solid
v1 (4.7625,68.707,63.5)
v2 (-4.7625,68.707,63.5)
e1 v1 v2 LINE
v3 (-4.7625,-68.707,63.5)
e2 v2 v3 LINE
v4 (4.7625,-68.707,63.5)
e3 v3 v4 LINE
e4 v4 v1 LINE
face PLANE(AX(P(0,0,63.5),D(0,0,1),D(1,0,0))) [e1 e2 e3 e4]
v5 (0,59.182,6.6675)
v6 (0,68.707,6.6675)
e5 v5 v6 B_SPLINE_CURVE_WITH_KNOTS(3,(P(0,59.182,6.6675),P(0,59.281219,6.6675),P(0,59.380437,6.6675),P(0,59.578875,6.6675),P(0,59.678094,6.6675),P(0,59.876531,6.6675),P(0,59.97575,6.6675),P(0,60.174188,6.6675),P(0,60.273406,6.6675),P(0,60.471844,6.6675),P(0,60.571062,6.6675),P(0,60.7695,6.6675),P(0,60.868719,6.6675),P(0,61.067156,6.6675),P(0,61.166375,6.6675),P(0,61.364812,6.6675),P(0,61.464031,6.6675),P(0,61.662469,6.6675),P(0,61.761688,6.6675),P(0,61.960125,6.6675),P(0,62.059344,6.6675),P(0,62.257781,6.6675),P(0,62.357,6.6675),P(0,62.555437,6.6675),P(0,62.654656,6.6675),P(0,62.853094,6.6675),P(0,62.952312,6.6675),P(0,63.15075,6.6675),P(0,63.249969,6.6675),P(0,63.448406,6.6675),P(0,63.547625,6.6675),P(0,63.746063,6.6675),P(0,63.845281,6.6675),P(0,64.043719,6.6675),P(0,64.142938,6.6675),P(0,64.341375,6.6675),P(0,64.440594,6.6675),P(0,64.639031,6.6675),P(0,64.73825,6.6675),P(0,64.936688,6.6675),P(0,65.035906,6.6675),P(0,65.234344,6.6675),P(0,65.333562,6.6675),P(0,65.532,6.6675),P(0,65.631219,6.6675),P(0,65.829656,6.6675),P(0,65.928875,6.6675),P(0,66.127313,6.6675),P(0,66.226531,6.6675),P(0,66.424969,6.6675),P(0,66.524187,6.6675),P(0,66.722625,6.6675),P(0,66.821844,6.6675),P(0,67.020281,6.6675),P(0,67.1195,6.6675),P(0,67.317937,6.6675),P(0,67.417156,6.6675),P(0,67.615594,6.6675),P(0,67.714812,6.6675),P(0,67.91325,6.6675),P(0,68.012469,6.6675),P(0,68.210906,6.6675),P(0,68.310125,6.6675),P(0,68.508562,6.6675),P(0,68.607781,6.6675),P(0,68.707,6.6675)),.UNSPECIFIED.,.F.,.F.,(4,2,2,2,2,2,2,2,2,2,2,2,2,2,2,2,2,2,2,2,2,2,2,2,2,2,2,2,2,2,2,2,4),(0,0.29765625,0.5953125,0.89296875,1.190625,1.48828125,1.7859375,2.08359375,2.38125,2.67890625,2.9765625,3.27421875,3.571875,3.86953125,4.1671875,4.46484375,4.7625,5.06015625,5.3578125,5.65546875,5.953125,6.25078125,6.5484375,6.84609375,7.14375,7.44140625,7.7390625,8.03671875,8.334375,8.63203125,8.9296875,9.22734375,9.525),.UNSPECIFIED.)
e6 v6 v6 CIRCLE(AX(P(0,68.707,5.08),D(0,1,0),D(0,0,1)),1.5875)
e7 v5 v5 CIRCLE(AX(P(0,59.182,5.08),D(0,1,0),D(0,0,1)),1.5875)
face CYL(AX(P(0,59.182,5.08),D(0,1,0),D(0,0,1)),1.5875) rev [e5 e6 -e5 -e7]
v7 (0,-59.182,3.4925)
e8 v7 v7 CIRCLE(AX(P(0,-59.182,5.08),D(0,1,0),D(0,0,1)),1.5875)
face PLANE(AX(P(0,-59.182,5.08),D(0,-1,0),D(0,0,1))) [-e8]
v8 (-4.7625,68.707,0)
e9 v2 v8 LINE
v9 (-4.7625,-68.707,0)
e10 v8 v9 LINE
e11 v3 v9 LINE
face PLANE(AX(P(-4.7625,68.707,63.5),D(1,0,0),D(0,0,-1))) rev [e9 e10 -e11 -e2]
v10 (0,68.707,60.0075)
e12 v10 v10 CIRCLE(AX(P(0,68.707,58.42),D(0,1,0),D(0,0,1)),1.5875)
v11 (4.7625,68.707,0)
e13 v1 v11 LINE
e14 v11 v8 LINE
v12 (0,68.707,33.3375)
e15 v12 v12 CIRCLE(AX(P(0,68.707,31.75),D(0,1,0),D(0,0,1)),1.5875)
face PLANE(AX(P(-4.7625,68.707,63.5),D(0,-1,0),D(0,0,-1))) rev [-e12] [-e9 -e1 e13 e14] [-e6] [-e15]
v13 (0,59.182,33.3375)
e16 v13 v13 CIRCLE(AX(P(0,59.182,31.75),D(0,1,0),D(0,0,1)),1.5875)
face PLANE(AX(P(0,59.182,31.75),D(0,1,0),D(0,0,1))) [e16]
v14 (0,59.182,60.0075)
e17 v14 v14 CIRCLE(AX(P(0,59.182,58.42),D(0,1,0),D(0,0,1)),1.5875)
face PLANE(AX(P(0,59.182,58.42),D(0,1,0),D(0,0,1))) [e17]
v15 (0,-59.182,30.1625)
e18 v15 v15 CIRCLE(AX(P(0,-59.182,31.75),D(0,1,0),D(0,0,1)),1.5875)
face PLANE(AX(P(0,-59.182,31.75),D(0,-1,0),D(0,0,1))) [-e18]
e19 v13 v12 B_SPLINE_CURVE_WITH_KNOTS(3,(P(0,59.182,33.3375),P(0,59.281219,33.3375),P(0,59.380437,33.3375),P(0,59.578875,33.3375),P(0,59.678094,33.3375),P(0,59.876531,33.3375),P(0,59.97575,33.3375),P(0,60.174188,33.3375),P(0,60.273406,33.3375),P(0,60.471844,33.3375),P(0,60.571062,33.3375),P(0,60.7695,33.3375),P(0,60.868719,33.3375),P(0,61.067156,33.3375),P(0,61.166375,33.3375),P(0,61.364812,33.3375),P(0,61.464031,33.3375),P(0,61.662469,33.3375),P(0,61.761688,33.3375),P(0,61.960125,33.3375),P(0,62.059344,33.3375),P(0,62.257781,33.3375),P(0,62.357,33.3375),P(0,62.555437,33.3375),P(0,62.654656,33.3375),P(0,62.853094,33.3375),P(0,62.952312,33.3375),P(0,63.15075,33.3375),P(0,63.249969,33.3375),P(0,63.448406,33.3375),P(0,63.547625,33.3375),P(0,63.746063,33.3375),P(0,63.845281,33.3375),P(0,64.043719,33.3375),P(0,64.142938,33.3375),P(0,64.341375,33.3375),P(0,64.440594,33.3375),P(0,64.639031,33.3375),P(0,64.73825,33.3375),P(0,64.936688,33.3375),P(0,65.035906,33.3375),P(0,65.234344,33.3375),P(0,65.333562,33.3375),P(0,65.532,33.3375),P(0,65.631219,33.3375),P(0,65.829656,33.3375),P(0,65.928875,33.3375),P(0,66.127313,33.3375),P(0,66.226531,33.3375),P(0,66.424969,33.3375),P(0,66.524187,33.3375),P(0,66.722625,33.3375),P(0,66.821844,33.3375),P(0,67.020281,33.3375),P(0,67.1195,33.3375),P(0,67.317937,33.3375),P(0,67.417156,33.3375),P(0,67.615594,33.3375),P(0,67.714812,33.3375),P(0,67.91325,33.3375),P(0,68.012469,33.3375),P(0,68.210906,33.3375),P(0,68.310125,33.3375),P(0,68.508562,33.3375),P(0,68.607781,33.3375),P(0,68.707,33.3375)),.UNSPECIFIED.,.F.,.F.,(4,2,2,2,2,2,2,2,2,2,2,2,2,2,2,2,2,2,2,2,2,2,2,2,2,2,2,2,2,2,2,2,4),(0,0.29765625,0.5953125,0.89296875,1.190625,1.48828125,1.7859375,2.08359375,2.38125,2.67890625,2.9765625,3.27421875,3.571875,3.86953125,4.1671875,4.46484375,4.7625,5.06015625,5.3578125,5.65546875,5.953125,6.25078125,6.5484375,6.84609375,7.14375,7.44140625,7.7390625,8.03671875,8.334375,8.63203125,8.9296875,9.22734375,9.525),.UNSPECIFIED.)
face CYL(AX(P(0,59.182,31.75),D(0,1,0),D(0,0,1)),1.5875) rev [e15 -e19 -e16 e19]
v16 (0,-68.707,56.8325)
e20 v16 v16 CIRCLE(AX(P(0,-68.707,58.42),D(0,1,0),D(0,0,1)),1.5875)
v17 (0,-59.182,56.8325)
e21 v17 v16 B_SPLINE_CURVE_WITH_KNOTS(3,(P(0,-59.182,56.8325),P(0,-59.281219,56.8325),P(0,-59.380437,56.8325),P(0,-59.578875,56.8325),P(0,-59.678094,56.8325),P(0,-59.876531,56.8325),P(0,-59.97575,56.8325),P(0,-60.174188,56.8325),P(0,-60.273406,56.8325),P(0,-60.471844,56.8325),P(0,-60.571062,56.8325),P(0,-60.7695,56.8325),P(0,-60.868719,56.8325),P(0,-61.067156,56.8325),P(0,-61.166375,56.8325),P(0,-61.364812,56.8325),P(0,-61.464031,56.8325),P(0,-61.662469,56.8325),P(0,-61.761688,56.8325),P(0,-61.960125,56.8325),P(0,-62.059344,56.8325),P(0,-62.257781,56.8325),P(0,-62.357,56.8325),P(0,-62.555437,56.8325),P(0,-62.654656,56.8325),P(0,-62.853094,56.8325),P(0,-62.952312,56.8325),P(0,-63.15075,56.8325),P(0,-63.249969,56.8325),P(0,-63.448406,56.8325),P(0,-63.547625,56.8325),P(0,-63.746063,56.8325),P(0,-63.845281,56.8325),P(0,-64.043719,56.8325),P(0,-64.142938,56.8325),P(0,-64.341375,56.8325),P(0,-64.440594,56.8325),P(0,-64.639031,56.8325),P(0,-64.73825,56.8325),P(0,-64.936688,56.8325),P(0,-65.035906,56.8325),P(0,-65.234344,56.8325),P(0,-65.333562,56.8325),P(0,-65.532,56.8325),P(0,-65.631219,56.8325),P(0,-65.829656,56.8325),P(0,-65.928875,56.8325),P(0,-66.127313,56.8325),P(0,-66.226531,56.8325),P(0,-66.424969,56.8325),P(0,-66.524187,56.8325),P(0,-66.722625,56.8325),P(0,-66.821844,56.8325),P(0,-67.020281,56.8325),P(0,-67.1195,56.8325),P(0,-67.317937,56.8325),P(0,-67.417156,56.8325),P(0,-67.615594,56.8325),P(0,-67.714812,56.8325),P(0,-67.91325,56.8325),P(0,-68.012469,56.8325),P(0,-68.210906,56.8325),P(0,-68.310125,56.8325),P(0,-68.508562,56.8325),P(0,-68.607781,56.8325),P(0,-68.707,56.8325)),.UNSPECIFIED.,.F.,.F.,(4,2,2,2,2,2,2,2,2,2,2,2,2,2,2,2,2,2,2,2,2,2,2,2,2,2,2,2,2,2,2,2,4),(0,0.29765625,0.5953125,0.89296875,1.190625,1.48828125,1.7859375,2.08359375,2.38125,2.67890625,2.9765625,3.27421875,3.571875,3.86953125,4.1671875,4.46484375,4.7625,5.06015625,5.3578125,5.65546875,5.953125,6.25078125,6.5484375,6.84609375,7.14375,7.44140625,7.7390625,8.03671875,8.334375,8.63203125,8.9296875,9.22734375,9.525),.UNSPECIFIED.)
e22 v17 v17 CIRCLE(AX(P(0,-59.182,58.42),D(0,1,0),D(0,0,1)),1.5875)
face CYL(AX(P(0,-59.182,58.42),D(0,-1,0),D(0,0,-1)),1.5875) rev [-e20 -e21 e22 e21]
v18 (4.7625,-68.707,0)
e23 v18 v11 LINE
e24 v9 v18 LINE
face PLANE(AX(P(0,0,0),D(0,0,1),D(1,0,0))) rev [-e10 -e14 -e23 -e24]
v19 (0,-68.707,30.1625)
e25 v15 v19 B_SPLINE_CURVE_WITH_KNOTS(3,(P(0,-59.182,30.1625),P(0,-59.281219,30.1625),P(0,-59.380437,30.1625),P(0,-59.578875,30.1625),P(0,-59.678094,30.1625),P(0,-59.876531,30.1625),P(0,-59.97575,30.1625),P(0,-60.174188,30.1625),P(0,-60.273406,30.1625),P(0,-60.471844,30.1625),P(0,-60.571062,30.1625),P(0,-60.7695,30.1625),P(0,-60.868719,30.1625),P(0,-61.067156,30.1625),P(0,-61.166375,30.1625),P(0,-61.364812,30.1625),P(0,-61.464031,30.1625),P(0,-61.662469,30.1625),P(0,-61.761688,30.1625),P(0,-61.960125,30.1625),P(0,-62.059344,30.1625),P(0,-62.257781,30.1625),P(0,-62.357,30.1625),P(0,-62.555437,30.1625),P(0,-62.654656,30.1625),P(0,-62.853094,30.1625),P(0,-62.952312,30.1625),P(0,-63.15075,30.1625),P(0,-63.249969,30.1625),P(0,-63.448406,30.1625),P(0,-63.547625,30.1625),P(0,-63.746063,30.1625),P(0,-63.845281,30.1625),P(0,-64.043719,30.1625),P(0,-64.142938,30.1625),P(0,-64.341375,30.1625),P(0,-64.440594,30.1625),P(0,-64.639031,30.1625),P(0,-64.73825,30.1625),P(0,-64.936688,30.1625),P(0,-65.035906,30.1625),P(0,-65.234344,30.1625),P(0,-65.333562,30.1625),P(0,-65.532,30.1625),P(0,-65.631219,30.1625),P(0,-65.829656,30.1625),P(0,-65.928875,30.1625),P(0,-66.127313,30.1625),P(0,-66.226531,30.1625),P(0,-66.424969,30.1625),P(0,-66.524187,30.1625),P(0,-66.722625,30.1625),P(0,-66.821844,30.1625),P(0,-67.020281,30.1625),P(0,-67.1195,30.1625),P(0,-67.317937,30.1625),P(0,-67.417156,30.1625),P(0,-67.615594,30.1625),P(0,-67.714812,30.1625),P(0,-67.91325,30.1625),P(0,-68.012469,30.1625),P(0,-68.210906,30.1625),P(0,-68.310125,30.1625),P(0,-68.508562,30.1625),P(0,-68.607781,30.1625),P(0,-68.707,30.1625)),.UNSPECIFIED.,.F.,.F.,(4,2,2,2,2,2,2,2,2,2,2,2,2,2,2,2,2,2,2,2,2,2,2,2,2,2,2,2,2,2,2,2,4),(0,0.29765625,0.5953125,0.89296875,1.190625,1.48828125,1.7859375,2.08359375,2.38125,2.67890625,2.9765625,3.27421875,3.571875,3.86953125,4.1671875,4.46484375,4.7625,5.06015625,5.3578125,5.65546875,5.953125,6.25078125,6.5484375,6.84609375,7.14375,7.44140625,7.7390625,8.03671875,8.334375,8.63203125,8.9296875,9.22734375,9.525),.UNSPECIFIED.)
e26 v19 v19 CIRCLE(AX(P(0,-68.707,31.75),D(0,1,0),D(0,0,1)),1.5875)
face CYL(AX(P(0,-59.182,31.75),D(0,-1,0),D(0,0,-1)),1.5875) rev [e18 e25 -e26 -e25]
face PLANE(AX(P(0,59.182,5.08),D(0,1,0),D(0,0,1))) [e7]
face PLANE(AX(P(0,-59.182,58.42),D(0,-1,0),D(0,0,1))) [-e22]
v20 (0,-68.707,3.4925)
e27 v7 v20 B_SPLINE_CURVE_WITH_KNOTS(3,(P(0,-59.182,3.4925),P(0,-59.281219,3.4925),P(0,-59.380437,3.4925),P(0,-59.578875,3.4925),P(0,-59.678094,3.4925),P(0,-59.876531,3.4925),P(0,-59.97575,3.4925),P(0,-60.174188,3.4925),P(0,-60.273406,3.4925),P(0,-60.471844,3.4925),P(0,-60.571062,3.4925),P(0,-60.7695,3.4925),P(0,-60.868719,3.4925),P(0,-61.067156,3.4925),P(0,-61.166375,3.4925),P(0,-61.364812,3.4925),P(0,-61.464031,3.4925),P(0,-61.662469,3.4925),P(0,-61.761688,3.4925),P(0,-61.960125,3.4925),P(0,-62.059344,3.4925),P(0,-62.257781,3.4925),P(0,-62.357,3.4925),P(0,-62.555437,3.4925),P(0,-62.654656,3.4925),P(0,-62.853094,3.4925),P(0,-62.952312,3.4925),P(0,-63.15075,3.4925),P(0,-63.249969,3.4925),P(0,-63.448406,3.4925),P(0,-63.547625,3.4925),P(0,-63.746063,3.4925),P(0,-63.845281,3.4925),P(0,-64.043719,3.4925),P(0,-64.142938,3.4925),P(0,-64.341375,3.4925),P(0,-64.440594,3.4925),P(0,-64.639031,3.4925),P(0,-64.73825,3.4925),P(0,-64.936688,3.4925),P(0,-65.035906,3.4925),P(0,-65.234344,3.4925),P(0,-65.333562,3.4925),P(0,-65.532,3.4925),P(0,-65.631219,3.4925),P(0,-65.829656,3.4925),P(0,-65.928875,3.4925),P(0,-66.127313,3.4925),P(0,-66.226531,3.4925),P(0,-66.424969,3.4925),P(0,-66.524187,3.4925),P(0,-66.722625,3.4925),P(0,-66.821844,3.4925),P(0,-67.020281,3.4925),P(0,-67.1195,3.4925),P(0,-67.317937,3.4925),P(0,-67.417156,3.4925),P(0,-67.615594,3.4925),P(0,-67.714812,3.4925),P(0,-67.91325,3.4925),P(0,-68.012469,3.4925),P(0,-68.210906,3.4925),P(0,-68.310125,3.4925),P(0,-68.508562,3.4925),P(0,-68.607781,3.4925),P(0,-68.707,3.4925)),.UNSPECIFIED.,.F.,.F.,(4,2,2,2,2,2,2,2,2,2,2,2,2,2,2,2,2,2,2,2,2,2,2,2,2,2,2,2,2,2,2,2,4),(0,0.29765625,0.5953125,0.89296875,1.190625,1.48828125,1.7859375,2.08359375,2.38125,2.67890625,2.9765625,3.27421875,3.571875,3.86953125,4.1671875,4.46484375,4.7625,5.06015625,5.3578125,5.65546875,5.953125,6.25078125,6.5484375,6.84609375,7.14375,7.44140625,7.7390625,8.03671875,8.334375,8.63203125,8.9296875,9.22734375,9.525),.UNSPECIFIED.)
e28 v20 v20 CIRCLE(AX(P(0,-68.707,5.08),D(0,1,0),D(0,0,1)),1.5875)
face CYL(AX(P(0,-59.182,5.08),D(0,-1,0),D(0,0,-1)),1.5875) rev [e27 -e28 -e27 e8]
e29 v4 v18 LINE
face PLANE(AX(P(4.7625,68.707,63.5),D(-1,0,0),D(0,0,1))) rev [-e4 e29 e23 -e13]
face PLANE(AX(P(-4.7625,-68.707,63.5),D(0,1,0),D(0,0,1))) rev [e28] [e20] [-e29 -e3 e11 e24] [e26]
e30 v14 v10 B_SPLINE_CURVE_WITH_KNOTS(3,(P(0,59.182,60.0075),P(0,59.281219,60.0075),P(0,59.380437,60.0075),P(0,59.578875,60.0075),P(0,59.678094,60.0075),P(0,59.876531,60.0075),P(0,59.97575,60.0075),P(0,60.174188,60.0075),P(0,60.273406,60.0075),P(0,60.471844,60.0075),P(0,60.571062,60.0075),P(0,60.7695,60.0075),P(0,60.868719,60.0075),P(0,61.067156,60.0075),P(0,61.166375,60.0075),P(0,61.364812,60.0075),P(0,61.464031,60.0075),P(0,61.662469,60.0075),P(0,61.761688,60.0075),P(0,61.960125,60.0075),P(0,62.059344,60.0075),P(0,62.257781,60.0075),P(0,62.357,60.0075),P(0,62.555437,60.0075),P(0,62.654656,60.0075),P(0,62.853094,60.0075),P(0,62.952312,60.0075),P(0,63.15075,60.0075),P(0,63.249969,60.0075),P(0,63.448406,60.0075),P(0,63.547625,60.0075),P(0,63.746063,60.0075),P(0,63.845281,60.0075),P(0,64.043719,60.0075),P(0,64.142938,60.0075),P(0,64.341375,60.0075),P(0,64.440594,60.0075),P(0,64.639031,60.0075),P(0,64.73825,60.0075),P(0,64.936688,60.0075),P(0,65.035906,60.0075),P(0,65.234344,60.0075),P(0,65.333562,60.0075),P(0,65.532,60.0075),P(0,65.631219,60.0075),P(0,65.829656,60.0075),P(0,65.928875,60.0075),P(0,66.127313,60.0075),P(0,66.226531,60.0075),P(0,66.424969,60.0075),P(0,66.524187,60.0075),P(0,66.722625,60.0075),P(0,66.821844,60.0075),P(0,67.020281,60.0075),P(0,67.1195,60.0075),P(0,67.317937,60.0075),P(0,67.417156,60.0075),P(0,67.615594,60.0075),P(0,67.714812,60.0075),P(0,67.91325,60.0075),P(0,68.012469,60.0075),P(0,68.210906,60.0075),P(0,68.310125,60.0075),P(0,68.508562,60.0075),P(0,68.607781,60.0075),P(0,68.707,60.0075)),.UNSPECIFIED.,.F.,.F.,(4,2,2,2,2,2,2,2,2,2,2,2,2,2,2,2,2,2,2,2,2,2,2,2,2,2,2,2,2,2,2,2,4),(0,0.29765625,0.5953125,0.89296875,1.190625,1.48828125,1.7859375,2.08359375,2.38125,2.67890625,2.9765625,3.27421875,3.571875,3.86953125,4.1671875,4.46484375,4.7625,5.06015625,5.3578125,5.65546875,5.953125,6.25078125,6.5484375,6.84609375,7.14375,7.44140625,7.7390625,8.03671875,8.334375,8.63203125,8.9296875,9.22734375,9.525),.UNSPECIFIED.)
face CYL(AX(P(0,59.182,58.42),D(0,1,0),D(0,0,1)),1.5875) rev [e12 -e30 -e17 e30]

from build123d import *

# Parameters (mm, degrees)
SKETCH1_W           = 9.525
SKETCH1_H           = 137.414
BOSS_EXTRUDE1_DEPTH = 63.5
SKETCH2_R           = 1.5875
CUT_EXTRUDE1_DEPTH  = 9.525


with BuildPart() as part:
    # Sketch1 → Boss-Extrude1 (new body)
    with BuildSketch(Plane.XY):
        Rectangle(SKETCH1_W, SKETCH1_H)
    extrude(amount=BOSS_EXTRUDE1_DEPTH)

    # Sketch2 → Cut-Extrude1 (cut)
    with BuildSketch(Plane(origin=(0, 68.707, 0), x_dir=(1, 0, 0), z_dir=(0, 1, 0))):
        with Locations(Location((0, -5.08, 0), (0, 0, 270))):
            Circle(SKETCH2_R)
        with Locations(Location((0, -31.75, 0), (0, 0, 270))):
            Circle(SKETCH2_R)
        with Locations(Location((0, -58.42, 0), (0, 0, 270))):
            Circle(SKETCH2_R)
    cut_extrude1 = extrude(amount=-CUT_EXTRUDE1_DEPTH, mode=Mode.SUBTRACT)

    # Mirror1: Cut-Extrude1 across plane
    add(cut_extrude1.mirror(Plane.ZX), mode=Mode.SUBTRACT)


solid = part.part
